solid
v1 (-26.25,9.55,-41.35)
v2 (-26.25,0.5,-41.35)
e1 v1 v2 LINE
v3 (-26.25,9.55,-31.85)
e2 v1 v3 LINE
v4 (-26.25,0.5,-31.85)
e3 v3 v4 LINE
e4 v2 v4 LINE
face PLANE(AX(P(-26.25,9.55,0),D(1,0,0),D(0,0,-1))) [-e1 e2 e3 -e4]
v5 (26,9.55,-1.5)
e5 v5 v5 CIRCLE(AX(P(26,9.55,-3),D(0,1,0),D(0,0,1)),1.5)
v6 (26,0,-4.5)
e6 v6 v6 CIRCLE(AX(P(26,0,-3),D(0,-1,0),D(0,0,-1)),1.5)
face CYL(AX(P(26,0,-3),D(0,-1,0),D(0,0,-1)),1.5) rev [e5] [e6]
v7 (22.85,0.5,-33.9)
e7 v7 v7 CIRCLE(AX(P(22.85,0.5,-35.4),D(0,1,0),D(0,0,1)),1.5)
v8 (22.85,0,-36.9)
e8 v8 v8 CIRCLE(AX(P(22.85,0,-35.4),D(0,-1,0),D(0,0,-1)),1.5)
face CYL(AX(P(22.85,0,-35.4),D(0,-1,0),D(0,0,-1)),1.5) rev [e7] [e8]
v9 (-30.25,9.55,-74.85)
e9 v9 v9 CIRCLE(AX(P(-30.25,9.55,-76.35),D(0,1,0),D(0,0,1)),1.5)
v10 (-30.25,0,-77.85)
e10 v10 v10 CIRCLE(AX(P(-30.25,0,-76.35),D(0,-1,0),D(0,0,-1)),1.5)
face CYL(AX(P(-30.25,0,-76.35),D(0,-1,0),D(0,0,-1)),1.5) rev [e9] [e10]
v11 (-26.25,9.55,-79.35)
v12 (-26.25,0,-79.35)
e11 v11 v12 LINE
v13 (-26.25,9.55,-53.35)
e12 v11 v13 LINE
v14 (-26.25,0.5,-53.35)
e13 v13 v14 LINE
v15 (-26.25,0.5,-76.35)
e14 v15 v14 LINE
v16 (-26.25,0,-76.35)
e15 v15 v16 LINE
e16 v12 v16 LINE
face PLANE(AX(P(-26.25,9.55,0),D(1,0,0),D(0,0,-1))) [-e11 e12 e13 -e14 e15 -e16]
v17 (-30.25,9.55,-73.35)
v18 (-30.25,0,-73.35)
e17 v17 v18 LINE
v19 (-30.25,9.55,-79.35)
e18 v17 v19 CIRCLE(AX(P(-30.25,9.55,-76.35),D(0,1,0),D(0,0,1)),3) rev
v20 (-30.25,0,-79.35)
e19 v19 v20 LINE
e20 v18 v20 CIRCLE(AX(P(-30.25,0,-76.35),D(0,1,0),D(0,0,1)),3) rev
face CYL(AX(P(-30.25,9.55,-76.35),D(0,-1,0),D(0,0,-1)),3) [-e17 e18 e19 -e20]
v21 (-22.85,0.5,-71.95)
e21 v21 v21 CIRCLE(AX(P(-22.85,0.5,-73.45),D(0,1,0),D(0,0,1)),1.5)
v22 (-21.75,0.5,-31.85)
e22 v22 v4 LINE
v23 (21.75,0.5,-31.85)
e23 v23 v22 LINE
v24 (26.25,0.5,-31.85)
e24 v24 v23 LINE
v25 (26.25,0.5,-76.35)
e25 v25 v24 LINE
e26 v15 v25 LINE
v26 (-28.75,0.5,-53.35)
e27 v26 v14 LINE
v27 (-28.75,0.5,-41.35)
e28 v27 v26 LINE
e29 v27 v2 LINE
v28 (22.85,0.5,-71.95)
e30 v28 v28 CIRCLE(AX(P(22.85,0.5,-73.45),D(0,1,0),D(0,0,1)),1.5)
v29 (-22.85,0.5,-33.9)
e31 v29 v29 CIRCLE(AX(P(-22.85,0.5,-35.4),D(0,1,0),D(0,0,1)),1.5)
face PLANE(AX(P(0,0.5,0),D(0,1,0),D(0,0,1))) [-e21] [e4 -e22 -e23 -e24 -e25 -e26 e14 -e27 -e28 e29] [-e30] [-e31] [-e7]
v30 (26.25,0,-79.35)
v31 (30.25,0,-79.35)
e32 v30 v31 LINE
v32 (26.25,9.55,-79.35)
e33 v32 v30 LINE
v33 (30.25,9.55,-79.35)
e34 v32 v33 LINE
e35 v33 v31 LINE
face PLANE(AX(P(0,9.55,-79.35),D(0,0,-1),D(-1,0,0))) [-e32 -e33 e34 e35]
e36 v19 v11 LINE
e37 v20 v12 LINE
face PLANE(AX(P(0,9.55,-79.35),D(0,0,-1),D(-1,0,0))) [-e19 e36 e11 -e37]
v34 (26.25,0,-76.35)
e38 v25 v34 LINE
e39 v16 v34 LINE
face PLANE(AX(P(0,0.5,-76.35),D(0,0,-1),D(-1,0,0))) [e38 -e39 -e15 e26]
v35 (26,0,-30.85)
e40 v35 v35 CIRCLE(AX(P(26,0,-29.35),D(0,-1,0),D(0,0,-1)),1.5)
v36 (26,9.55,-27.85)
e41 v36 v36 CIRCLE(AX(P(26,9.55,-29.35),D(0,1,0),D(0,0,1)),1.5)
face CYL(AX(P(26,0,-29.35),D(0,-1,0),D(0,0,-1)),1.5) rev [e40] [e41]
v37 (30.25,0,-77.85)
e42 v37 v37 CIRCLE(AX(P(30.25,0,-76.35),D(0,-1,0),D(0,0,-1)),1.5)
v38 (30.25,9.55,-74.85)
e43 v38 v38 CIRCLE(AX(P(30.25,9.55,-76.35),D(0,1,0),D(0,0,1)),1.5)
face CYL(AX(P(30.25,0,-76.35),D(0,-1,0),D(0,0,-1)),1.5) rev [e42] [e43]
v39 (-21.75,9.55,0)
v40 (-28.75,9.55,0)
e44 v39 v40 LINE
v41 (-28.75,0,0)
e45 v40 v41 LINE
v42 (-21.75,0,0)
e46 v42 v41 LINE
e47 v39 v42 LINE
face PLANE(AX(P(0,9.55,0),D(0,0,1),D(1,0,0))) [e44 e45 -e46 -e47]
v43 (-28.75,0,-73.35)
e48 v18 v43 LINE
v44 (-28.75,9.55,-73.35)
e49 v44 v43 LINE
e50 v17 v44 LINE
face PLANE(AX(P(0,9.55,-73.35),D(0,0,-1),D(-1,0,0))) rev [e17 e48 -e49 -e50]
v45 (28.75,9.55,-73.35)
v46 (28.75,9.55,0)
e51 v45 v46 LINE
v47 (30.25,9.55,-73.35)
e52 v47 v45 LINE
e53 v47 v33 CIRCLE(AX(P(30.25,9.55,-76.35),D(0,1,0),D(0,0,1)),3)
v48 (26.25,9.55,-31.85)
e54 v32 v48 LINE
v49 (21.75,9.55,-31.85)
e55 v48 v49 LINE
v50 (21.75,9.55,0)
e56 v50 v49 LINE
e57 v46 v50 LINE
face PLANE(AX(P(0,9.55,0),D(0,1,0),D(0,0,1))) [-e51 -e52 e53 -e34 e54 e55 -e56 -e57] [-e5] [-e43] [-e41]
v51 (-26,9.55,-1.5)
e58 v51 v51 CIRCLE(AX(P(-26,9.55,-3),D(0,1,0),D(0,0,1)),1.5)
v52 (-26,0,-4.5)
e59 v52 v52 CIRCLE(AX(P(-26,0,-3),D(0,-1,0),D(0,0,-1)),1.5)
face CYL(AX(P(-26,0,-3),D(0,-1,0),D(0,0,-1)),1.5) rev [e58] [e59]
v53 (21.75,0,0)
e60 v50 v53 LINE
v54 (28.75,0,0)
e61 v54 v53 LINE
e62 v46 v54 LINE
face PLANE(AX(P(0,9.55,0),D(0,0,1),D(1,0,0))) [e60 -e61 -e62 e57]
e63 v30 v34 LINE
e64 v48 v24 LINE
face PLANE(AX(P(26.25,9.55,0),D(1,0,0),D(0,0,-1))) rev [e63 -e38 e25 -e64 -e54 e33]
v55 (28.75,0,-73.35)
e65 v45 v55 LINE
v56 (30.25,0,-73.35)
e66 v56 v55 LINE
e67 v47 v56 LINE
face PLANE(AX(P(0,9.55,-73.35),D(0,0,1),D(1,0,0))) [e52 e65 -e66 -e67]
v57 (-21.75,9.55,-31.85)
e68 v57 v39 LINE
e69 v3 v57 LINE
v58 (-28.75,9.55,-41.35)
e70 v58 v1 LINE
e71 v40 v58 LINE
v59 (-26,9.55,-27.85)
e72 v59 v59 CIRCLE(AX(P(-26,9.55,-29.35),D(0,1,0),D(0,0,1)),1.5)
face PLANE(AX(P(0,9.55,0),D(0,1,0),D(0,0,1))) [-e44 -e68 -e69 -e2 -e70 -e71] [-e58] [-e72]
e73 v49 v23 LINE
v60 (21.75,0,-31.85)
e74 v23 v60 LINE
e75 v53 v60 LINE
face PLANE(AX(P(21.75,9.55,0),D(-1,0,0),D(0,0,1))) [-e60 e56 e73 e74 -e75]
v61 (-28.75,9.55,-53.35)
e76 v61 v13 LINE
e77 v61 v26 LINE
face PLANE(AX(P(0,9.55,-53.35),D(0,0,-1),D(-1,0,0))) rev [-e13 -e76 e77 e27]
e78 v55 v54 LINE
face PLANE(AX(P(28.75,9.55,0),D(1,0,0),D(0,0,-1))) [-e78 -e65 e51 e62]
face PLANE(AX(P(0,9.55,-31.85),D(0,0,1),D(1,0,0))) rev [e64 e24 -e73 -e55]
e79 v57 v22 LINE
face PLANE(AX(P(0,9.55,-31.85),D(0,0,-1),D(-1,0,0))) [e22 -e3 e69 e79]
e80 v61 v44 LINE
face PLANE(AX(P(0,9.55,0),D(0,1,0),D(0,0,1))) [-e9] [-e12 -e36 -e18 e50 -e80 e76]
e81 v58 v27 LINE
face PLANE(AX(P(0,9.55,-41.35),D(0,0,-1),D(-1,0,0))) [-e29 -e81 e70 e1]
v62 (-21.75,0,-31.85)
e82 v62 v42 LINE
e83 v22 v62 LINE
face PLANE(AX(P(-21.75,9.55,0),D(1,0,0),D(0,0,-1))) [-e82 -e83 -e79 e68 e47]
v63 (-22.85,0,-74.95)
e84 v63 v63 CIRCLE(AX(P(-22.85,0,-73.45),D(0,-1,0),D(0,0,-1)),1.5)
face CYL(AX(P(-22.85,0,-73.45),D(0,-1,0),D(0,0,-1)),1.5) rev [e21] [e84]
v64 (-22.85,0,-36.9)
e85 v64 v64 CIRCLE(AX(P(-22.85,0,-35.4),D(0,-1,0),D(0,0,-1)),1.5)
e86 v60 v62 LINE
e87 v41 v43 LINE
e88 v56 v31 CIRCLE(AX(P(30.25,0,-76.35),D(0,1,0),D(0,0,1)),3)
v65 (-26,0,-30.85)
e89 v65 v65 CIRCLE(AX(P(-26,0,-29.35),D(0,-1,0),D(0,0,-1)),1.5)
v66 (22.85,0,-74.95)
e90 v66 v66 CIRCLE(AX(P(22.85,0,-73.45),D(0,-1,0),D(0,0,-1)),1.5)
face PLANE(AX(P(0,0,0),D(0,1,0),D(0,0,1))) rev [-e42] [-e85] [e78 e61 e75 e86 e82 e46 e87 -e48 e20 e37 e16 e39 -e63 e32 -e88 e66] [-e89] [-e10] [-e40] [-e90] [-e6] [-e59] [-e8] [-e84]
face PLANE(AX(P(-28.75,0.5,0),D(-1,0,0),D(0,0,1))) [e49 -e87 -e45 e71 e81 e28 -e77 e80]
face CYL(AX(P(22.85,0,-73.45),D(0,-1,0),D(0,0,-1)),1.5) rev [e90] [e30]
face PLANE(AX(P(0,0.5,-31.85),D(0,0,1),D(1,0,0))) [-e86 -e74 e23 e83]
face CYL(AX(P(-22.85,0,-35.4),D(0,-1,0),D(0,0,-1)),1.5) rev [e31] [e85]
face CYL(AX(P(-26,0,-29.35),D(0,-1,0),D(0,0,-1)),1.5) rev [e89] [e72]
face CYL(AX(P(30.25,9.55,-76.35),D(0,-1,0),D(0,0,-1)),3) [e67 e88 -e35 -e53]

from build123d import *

# Parameters (mm, degrees)
BOSS_EXTRUDE1_DEPTH          = 0.5
BOSS_EXTRUDE2_DEPTH          = 9.55
F_3_0_3_DIAMETER_HOLE1_D     = 3
F_3_0_3_DIAMETER_HOLE1_DEPTH = 12
F_3_0_3_DIAMETER_HOLE1_TIP   = 0.901290929


with BuildPart() as part:
    # Sketch1 → Boss-Extrude1 (new body)
    with BuildSketch(Plane(origin=(0, 0, 0), x_dir=(1, 0, 0), z_dir=(0, 1, 0))):
        Polygon((26.25, 31.85), (26.25, 76.35), (-26.25, 76.35), (-26.25, 53.35), (-28.75, 53.35), (-28.75, 41.35), (-26.25, 41.35), (-26.25, 31.85), align=None)
    extrude(amount=BOSS_EXTRUDE1_DEPTH)

    # Sketch1<3> → Boss-Extrude2 (add)
    with BuildSketch(Plane(origin=(0, 0, 0), x_dir=(1, 0, 0), z_dir=(0, 1, 0))):
        with BuildLine():
            Line((-26.25, 79.35), (-30.25, 79.35))
            ThreePointArc((-30.25, 79.35), (-33.25, 76.35), (-30.25, 73.35))
            Line((-30.25, 73.35), (-28.75, 73.35))
            Line((-28.75, 73.35), (-28.75, 53.35))
            Line((-28.75, 53.35), (-26.25, 53.35))
            Line((-26.25, 53.35), (-26.25, 79.35))
        make_face()
        with BuildLine():
            Line((26.25, 79.35), (26.25, 31.85))
            Line((26.25, 31.85), (21.75, 31.85))
            Line((21.75, 31.85), (21.75, 0))
            Line((21.75, 0), (28.75, 0))
            Line((28.75, 0), (28.75, 73.35))
            Line((28.75, 73.35), (30.25, 73.35))
            ThreePointArc((30.25, 73.35), (33.25, 76.35), (30.25, 79.35))
            Line((30.25, 79.35), (26.25, 79.35))
        make_face()
        Polygon((-26.25, 31.85), (-26.25, 41.35), (-28.75, 41.35), (-28.75, 0), (-21.75, 0), (-21.75, 31.85), align=None)
    extrude(amount=BOSS_EXTRUDE2_DEPTH)

    # Ø3.0 (3) Diameter Hole1
    with Locations(Plane(origin=(0, 0, 0), x_dir=(-1, 0, 0), z_dir=(0, -1, 0))):
        with Locations((-22.85, 73.45), (22.85, 73.45), (26, 29.35), (22.85, 35.4), (-22.85, 35.4), (-26, 29.35), (-26, 3), (26, 3), (-30.25, 76.35), (30.25, 76.35)):
            Hole(F_3_0_3_DIAMETER_HOLE1_D / 2, depth=F_3_0_3_DIAMETER_HOLE1_DEPTH)
            with Locations((0, 0, -(F_3_0_3_DIAMETER_HOLE1_DEPTH + F_3_0_3_DIAMETER_HOLE1_TIP / 2))):  # 118° drill point
                Cone(0, F_3_0_3_DIAMETER_HOLE1_D / 2, F_3_0_3_DIAMETER_HOLE1_TIP, mode=Mode.SUBTRACT)


solid = part.part
